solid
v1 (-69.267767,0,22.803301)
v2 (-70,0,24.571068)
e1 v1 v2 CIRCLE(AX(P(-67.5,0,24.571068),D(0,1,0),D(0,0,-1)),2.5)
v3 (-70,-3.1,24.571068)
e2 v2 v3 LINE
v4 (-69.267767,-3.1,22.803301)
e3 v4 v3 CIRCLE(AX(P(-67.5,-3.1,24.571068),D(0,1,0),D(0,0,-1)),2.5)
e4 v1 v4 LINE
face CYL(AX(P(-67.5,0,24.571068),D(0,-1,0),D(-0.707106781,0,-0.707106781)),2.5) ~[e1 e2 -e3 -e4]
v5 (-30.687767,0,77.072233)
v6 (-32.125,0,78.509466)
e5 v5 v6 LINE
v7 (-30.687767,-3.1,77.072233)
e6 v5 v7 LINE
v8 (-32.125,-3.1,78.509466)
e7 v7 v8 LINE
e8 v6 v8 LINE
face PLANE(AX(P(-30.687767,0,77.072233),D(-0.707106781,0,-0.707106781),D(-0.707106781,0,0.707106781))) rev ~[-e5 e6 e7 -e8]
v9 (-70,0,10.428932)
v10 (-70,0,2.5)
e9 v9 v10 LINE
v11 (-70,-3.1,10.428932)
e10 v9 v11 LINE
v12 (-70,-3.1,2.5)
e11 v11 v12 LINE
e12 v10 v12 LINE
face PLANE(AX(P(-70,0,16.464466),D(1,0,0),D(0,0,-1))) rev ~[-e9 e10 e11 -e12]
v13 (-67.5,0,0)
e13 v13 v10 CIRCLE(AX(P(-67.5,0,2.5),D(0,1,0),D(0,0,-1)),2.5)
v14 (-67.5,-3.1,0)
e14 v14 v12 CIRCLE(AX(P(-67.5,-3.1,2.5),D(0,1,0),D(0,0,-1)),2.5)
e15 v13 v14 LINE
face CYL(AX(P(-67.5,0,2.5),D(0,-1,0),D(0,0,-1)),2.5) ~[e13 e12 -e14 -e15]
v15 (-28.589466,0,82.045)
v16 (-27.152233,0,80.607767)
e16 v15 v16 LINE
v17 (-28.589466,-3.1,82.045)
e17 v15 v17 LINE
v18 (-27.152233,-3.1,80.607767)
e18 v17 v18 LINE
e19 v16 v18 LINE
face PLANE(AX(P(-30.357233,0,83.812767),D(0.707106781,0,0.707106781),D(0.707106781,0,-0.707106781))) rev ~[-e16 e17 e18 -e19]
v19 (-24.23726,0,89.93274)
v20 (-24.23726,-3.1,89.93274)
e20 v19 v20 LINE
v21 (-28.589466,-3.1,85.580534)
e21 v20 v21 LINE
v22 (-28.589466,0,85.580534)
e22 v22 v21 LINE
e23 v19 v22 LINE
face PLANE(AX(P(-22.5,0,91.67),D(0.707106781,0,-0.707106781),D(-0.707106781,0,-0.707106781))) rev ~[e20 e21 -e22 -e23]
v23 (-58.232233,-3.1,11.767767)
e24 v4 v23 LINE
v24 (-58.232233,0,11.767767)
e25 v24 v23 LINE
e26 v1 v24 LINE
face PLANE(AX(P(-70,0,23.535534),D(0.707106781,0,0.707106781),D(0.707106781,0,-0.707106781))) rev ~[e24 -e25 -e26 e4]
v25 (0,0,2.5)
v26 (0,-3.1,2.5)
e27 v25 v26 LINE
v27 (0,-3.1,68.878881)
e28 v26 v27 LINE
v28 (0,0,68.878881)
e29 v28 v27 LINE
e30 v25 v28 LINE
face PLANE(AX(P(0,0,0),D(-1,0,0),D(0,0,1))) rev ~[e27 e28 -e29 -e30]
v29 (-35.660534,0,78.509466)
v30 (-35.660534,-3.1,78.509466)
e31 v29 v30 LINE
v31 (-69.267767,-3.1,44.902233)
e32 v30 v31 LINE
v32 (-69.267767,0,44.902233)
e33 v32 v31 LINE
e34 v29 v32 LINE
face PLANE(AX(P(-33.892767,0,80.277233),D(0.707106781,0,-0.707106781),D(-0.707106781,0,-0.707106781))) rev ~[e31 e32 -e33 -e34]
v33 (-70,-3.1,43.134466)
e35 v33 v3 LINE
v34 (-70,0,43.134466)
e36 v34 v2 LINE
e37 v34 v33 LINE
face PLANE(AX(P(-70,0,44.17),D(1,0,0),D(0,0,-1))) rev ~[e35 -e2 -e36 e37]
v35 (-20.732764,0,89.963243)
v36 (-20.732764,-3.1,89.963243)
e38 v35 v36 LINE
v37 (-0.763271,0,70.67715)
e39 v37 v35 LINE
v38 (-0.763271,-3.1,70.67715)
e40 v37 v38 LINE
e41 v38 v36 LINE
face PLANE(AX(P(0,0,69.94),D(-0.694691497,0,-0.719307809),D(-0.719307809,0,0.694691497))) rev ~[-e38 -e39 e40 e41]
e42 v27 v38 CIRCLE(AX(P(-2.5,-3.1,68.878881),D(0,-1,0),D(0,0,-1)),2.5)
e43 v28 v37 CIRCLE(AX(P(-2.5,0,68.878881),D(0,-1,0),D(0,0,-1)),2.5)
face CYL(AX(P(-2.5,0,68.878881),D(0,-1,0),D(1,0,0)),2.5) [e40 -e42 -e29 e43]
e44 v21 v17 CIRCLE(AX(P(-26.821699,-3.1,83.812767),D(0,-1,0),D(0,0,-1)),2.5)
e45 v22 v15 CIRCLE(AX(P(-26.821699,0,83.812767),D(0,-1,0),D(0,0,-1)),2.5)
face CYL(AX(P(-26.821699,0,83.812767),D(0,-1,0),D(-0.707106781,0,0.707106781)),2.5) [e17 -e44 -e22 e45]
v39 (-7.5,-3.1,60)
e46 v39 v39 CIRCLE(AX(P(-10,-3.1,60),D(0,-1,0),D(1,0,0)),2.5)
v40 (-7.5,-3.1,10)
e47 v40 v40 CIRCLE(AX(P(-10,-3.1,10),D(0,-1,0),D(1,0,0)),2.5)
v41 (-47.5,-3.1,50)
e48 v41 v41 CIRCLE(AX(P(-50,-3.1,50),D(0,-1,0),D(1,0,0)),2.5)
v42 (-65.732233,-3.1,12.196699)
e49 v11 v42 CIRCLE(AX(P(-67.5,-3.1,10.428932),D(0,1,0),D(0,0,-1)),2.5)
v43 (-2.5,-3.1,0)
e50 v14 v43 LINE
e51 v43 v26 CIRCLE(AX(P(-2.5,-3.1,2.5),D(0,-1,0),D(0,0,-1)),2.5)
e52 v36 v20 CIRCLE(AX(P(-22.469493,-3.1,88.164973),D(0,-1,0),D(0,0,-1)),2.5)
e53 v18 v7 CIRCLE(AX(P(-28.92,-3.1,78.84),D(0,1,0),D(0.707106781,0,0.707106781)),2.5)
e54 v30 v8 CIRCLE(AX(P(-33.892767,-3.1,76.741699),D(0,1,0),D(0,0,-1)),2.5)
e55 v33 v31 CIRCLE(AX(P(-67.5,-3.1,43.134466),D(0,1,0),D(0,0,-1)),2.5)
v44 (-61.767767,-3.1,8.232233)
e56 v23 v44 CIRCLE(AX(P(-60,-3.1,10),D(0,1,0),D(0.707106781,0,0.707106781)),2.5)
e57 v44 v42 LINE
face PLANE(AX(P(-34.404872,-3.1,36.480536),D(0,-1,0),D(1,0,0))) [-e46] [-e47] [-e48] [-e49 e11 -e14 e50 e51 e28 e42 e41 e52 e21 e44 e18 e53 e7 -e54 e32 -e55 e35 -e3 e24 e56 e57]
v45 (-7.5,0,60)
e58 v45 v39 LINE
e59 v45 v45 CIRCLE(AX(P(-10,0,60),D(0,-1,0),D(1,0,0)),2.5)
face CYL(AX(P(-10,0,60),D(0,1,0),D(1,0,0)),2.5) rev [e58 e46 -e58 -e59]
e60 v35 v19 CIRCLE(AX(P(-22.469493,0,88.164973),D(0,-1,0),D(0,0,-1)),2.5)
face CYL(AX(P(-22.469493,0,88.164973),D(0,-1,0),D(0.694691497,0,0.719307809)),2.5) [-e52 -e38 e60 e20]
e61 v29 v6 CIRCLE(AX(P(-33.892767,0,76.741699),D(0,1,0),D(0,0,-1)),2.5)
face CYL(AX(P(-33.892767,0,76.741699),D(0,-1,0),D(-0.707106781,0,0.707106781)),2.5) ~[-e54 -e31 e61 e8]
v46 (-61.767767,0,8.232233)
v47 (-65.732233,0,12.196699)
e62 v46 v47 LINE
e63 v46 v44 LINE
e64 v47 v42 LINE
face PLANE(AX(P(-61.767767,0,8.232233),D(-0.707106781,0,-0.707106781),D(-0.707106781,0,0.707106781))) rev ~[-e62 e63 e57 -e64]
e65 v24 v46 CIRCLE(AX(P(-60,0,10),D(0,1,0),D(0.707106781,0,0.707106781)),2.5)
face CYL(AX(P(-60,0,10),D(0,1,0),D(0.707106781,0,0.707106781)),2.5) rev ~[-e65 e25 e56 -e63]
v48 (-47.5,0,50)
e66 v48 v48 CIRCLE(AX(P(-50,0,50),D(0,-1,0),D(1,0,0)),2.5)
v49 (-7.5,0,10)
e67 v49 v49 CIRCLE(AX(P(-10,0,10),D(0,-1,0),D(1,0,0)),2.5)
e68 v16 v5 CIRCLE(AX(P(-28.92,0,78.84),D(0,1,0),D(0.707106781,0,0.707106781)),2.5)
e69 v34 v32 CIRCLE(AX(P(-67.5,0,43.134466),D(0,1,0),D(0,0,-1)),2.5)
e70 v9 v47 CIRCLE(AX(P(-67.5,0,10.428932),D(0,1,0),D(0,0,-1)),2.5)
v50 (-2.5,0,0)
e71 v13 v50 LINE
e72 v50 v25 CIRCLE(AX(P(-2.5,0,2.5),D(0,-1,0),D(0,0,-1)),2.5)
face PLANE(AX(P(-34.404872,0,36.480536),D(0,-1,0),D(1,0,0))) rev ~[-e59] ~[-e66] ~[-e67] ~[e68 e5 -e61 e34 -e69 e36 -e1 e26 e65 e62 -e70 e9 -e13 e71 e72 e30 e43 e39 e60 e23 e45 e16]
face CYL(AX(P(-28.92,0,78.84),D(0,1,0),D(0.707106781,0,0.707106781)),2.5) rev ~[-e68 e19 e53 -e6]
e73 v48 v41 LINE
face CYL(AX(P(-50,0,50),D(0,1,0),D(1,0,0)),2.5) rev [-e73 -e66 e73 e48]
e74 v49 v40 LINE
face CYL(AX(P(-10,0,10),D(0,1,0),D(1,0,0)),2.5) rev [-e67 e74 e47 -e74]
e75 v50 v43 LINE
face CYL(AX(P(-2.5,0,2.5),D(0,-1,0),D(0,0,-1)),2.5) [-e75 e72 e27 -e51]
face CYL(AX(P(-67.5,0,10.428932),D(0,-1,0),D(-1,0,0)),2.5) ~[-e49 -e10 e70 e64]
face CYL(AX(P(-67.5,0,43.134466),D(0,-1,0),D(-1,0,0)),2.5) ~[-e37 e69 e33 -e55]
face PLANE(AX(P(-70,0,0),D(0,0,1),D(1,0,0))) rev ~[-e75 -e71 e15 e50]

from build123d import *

# Parameters (mm, degrees)
F0_R     = 2.5
F1_DEPTH = 3.1
F2_R     = 2.5


with BuildPart() as f1:
    # F0 (on Front) → F1 (new body)
    with BuildSketch(Plane.XZ):
        with BuildLine():
            Line((-70, 0), (0, 0))
            Line((0, 0), (0, 69.94))
            Line((0, 69.94), (-22.5, 91.67))
            Line((-22.5, 91.67), (-30.357233, 83.812767))
            Line((-30.357233, 83.812767), (-27.152233, 80.607767))
            ThreePointArc((-27.152233, 80.607767), (-27.152233, 77.072233), (-30.687767, 77.072233))
            Line((-30.687767, 77.072233), (-33.892767, 80.277233))
            Line((-33.892767, 80.277233), (-70, 44.17))
            Line((-70, 44.17), (-70, 23.535534))
            Line((-70, 23.535534), (-58.232233, 11.767767))
            ThreePointArc((-58.232233, 11.767767), (-58.232233, 8.232233), (-61.767767, 8.232233))
            Line((-61.767767, 8.232233), (-70, 16.464466))
            Line((-70, 16.464466), (-70, 0))
        make_face()
        with Locations((-10, 10)):
            Circle(F0_R, mode=Mode.SUBTRACT)
        with Locations((-50, 50)):
            Circle(F0_R, mode=Mode.SUBTRACT)
        with Locations((-10, 60)):
            Circle(F0_R, mode=Mode.SUBTRACT)
    extrude(amount=F1_DEPTH)

    # F2
    f2_edges = [f1.edges().sort_by_distance(p)[0] for p in [
        (-30.357233, -1.55, 83.812767),
        (-33.892767, -1.55, 80.277233),
        (-70, -1.55, 23.535534),
        (-70, -1.55, 16.464466),
        (-70, -1.55, 0),
        (-22.5, -1.55, 91.67),
        (0, -1.55, 0),
        (0, -1.55, 69.94),
        (-70, -1.55, 44.17),
    ]]
    fillet(f2_edges, radius=F2_R)


solid = f1.part
